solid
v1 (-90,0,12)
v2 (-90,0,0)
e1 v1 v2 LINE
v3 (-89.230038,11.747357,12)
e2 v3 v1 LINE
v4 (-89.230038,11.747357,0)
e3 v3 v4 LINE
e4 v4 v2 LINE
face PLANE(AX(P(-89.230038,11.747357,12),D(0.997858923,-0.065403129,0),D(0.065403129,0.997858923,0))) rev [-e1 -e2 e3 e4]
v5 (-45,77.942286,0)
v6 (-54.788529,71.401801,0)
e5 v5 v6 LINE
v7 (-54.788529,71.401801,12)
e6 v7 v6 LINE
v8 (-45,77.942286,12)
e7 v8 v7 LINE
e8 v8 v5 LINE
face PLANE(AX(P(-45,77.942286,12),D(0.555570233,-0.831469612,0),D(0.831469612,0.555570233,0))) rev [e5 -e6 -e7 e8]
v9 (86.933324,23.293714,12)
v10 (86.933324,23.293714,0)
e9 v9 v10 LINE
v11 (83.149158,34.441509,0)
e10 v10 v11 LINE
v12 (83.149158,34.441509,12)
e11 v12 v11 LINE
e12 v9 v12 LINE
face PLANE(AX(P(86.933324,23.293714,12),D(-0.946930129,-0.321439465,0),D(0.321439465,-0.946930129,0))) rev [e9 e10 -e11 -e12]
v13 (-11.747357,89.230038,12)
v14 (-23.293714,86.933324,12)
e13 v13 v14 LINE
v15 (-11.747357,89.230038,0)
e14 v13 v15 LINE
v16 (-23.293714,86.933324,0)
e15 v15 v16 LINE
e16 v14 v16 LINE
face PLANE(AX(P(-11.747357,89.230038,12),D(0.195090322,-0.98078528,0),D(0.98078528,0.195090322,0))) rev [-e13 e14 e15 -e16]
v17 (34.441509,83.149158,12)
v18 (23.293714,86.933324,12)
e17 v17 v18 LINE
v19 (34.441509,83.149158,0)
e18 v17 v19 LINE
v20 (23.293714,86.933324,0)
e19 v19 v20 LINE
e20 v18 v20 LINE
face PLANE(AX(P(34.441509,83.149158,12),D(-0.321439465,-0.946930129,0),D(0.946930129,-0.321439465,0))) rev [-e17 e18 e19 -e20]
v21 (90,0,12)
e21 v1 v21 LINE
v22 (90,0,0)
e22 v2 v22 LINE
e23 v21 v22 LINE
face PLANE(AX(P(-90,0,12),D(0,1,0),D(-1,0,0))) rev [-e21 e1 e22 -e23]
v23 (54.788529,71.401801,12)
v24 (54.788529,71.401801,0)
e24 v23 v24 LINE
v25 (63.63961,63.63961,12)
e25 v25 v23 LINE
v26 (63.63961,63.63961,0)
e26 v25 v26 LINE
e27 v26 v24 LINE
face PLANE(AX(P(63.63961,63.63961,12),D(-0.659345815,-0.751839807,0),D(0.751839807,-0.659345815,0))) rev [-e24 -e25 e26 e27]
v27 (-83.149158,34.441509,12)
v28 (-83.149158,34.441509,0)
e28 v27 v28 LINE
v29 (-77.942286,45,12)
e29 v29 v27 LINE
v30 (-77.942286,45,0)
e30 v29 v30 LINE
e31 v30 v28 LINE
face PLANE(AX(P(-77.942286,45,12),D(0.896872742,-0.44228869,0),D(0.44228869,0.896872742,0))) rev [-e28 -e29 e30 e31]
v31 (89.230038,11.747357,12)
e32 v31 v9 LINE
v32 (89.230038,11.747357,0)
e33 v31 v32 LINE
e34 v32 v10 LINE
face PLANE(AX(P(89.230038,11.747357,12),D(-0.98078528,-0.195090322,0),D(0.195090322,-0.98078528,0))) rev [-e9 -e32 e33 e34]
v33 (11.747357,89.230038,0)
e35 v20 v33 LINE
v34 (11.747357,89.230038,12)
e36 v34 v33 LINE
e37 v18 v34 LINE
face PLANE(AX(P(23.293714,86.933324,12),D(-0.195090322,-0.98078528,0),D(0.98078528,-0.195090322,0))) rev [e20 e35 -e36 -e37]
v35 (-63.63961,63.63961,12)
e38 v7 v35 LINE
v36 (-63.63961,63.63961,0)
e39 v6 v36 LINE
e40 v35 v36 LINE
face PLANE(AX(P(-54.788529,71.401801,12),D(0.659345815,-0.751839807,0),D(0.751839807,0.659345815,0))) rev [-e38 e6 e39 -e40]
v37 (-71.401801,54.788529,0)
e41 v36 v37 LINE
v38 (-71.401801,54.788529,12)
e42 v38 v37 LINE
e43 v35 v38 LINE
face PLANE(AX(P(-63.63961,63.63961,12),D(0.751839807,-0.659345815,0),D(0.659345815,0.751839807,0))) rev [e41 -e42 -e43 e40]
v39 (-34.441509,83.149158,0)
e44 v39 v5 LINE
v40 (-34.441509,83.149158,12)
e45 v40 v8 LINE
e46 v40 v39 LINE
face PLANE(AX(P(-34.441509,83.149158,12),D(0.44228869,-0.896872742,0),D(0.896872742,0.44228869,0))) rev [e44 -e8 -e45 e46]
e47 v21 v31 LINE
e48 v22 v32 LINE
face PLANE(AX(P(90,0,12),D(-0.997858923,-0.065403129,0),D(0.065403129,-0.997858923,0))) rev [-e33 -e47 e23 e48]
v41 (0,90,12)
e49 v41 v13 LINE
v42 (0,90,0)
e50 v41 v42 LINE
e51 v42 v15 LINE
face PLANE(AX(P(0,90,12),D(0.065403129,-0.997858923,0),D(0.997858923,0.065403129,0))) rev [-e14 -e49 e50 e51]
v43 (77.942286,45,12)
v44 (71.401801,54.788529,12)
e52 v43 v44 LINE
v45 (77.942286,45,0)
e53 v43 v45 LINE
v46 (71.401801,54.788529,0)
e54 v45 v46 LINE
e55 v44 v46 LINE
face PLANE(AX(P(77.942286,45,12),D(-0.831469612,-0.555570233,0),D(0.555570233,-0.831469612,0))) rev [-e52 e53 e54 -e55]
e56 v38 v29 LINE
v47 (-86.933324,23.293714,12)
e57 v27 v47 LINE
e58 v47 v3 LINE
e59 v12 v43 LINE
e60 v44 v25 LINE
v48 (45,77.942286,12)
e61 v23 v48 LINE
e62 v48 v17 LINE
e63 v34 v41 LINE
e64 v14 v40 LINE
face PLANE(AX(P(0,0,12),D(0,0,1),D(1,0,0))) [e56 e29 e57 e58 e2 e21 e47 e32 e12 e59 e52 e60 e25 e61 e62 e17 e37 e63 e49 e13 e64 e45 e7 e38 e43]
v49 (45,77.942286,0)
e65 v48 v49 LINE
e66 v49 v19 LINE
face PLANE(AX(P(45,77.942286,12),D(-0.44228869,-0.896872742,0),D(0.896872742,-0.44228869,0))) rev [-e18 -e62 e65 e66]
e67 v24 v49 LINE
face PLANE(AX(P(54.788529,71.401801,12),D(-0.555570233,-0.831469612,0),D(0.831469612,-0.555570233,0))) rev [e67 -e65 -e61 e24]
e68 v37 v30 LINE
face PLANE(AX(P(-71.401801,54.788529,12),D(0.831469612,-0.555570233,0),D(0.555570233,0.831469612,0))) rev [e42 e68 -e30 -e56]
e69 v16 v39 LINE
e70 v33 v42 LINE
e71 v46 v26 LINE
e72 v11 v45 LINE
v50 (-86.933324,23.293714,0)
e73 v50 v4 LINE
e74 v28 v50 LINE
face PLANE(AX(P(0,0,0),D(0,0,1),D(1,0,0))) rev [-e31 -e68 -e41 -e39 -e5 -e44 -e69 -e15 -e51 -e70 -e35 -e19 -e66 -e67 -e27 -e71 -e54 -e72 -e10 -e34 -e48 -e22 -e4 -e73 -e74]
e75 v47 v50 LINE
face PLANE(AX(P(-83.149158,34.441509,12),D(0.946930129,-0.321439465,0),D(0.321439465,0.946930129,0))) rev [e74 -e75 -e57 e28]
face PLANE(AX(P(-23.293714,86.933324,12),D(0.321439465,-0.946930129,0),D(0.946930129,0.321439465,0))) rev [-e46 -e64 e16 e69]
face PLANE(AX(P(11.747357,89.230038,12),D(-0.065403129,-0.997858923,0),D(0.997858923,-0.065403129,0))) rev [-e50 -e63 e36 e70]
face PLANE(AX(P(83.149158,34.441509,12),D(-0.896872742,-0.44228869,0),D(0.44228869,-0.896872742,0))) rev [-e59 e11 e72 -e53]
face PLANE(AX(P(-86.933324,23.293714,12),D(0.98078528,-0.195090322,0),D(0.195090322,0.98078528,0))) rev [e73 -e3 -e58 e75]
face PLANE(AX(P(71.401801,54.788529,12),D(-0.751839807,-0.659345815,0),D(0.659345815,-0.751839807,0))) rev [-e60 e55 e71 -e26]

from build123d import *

# Parameters (mm, degrees)
SEMICIRCULAR_CAMERA_PLATFORM_DEPTH = 12


with BuildPart() as part:
    # 草图1 → Semicircular_camera_platform (new body)
    with BuildSketch(Plane.XY):
        Polygon((90, 0), (89.230037524, 11.7473573), (86.933324366, 23.293714059), (83.149157926, 34.441508913), (77.942286341, 45), (71.401800626, 54.788528611), (63.639610307, 63.639610307), (54.788528611, 71.401800626), (45, 77.942286341), (34.441508913, 83.149157926), (23.293714059, 86.933324366), (11.7473573, 89.230037524), (0, 90), (-11.7473573, 89.230037524), (-23.293714059, 86.933324366), (-34.441508913, 83.149157926), (-45, 77.942286341), (-54.788528611, 71.401800626), (-63.639610307, 63.639610307), (-71.401800626, 54.788528611), (-77.942286341, 45), (-83.149157926, 34.441508913), (-86.933324366, 23.293714059), (-89.230037524, 11.7473573), (-90, 0), align=None)
    extrude(amount=SEMICIRCULAR_CAMERA_PLATFORM_DEPTH)


solid = part.part
